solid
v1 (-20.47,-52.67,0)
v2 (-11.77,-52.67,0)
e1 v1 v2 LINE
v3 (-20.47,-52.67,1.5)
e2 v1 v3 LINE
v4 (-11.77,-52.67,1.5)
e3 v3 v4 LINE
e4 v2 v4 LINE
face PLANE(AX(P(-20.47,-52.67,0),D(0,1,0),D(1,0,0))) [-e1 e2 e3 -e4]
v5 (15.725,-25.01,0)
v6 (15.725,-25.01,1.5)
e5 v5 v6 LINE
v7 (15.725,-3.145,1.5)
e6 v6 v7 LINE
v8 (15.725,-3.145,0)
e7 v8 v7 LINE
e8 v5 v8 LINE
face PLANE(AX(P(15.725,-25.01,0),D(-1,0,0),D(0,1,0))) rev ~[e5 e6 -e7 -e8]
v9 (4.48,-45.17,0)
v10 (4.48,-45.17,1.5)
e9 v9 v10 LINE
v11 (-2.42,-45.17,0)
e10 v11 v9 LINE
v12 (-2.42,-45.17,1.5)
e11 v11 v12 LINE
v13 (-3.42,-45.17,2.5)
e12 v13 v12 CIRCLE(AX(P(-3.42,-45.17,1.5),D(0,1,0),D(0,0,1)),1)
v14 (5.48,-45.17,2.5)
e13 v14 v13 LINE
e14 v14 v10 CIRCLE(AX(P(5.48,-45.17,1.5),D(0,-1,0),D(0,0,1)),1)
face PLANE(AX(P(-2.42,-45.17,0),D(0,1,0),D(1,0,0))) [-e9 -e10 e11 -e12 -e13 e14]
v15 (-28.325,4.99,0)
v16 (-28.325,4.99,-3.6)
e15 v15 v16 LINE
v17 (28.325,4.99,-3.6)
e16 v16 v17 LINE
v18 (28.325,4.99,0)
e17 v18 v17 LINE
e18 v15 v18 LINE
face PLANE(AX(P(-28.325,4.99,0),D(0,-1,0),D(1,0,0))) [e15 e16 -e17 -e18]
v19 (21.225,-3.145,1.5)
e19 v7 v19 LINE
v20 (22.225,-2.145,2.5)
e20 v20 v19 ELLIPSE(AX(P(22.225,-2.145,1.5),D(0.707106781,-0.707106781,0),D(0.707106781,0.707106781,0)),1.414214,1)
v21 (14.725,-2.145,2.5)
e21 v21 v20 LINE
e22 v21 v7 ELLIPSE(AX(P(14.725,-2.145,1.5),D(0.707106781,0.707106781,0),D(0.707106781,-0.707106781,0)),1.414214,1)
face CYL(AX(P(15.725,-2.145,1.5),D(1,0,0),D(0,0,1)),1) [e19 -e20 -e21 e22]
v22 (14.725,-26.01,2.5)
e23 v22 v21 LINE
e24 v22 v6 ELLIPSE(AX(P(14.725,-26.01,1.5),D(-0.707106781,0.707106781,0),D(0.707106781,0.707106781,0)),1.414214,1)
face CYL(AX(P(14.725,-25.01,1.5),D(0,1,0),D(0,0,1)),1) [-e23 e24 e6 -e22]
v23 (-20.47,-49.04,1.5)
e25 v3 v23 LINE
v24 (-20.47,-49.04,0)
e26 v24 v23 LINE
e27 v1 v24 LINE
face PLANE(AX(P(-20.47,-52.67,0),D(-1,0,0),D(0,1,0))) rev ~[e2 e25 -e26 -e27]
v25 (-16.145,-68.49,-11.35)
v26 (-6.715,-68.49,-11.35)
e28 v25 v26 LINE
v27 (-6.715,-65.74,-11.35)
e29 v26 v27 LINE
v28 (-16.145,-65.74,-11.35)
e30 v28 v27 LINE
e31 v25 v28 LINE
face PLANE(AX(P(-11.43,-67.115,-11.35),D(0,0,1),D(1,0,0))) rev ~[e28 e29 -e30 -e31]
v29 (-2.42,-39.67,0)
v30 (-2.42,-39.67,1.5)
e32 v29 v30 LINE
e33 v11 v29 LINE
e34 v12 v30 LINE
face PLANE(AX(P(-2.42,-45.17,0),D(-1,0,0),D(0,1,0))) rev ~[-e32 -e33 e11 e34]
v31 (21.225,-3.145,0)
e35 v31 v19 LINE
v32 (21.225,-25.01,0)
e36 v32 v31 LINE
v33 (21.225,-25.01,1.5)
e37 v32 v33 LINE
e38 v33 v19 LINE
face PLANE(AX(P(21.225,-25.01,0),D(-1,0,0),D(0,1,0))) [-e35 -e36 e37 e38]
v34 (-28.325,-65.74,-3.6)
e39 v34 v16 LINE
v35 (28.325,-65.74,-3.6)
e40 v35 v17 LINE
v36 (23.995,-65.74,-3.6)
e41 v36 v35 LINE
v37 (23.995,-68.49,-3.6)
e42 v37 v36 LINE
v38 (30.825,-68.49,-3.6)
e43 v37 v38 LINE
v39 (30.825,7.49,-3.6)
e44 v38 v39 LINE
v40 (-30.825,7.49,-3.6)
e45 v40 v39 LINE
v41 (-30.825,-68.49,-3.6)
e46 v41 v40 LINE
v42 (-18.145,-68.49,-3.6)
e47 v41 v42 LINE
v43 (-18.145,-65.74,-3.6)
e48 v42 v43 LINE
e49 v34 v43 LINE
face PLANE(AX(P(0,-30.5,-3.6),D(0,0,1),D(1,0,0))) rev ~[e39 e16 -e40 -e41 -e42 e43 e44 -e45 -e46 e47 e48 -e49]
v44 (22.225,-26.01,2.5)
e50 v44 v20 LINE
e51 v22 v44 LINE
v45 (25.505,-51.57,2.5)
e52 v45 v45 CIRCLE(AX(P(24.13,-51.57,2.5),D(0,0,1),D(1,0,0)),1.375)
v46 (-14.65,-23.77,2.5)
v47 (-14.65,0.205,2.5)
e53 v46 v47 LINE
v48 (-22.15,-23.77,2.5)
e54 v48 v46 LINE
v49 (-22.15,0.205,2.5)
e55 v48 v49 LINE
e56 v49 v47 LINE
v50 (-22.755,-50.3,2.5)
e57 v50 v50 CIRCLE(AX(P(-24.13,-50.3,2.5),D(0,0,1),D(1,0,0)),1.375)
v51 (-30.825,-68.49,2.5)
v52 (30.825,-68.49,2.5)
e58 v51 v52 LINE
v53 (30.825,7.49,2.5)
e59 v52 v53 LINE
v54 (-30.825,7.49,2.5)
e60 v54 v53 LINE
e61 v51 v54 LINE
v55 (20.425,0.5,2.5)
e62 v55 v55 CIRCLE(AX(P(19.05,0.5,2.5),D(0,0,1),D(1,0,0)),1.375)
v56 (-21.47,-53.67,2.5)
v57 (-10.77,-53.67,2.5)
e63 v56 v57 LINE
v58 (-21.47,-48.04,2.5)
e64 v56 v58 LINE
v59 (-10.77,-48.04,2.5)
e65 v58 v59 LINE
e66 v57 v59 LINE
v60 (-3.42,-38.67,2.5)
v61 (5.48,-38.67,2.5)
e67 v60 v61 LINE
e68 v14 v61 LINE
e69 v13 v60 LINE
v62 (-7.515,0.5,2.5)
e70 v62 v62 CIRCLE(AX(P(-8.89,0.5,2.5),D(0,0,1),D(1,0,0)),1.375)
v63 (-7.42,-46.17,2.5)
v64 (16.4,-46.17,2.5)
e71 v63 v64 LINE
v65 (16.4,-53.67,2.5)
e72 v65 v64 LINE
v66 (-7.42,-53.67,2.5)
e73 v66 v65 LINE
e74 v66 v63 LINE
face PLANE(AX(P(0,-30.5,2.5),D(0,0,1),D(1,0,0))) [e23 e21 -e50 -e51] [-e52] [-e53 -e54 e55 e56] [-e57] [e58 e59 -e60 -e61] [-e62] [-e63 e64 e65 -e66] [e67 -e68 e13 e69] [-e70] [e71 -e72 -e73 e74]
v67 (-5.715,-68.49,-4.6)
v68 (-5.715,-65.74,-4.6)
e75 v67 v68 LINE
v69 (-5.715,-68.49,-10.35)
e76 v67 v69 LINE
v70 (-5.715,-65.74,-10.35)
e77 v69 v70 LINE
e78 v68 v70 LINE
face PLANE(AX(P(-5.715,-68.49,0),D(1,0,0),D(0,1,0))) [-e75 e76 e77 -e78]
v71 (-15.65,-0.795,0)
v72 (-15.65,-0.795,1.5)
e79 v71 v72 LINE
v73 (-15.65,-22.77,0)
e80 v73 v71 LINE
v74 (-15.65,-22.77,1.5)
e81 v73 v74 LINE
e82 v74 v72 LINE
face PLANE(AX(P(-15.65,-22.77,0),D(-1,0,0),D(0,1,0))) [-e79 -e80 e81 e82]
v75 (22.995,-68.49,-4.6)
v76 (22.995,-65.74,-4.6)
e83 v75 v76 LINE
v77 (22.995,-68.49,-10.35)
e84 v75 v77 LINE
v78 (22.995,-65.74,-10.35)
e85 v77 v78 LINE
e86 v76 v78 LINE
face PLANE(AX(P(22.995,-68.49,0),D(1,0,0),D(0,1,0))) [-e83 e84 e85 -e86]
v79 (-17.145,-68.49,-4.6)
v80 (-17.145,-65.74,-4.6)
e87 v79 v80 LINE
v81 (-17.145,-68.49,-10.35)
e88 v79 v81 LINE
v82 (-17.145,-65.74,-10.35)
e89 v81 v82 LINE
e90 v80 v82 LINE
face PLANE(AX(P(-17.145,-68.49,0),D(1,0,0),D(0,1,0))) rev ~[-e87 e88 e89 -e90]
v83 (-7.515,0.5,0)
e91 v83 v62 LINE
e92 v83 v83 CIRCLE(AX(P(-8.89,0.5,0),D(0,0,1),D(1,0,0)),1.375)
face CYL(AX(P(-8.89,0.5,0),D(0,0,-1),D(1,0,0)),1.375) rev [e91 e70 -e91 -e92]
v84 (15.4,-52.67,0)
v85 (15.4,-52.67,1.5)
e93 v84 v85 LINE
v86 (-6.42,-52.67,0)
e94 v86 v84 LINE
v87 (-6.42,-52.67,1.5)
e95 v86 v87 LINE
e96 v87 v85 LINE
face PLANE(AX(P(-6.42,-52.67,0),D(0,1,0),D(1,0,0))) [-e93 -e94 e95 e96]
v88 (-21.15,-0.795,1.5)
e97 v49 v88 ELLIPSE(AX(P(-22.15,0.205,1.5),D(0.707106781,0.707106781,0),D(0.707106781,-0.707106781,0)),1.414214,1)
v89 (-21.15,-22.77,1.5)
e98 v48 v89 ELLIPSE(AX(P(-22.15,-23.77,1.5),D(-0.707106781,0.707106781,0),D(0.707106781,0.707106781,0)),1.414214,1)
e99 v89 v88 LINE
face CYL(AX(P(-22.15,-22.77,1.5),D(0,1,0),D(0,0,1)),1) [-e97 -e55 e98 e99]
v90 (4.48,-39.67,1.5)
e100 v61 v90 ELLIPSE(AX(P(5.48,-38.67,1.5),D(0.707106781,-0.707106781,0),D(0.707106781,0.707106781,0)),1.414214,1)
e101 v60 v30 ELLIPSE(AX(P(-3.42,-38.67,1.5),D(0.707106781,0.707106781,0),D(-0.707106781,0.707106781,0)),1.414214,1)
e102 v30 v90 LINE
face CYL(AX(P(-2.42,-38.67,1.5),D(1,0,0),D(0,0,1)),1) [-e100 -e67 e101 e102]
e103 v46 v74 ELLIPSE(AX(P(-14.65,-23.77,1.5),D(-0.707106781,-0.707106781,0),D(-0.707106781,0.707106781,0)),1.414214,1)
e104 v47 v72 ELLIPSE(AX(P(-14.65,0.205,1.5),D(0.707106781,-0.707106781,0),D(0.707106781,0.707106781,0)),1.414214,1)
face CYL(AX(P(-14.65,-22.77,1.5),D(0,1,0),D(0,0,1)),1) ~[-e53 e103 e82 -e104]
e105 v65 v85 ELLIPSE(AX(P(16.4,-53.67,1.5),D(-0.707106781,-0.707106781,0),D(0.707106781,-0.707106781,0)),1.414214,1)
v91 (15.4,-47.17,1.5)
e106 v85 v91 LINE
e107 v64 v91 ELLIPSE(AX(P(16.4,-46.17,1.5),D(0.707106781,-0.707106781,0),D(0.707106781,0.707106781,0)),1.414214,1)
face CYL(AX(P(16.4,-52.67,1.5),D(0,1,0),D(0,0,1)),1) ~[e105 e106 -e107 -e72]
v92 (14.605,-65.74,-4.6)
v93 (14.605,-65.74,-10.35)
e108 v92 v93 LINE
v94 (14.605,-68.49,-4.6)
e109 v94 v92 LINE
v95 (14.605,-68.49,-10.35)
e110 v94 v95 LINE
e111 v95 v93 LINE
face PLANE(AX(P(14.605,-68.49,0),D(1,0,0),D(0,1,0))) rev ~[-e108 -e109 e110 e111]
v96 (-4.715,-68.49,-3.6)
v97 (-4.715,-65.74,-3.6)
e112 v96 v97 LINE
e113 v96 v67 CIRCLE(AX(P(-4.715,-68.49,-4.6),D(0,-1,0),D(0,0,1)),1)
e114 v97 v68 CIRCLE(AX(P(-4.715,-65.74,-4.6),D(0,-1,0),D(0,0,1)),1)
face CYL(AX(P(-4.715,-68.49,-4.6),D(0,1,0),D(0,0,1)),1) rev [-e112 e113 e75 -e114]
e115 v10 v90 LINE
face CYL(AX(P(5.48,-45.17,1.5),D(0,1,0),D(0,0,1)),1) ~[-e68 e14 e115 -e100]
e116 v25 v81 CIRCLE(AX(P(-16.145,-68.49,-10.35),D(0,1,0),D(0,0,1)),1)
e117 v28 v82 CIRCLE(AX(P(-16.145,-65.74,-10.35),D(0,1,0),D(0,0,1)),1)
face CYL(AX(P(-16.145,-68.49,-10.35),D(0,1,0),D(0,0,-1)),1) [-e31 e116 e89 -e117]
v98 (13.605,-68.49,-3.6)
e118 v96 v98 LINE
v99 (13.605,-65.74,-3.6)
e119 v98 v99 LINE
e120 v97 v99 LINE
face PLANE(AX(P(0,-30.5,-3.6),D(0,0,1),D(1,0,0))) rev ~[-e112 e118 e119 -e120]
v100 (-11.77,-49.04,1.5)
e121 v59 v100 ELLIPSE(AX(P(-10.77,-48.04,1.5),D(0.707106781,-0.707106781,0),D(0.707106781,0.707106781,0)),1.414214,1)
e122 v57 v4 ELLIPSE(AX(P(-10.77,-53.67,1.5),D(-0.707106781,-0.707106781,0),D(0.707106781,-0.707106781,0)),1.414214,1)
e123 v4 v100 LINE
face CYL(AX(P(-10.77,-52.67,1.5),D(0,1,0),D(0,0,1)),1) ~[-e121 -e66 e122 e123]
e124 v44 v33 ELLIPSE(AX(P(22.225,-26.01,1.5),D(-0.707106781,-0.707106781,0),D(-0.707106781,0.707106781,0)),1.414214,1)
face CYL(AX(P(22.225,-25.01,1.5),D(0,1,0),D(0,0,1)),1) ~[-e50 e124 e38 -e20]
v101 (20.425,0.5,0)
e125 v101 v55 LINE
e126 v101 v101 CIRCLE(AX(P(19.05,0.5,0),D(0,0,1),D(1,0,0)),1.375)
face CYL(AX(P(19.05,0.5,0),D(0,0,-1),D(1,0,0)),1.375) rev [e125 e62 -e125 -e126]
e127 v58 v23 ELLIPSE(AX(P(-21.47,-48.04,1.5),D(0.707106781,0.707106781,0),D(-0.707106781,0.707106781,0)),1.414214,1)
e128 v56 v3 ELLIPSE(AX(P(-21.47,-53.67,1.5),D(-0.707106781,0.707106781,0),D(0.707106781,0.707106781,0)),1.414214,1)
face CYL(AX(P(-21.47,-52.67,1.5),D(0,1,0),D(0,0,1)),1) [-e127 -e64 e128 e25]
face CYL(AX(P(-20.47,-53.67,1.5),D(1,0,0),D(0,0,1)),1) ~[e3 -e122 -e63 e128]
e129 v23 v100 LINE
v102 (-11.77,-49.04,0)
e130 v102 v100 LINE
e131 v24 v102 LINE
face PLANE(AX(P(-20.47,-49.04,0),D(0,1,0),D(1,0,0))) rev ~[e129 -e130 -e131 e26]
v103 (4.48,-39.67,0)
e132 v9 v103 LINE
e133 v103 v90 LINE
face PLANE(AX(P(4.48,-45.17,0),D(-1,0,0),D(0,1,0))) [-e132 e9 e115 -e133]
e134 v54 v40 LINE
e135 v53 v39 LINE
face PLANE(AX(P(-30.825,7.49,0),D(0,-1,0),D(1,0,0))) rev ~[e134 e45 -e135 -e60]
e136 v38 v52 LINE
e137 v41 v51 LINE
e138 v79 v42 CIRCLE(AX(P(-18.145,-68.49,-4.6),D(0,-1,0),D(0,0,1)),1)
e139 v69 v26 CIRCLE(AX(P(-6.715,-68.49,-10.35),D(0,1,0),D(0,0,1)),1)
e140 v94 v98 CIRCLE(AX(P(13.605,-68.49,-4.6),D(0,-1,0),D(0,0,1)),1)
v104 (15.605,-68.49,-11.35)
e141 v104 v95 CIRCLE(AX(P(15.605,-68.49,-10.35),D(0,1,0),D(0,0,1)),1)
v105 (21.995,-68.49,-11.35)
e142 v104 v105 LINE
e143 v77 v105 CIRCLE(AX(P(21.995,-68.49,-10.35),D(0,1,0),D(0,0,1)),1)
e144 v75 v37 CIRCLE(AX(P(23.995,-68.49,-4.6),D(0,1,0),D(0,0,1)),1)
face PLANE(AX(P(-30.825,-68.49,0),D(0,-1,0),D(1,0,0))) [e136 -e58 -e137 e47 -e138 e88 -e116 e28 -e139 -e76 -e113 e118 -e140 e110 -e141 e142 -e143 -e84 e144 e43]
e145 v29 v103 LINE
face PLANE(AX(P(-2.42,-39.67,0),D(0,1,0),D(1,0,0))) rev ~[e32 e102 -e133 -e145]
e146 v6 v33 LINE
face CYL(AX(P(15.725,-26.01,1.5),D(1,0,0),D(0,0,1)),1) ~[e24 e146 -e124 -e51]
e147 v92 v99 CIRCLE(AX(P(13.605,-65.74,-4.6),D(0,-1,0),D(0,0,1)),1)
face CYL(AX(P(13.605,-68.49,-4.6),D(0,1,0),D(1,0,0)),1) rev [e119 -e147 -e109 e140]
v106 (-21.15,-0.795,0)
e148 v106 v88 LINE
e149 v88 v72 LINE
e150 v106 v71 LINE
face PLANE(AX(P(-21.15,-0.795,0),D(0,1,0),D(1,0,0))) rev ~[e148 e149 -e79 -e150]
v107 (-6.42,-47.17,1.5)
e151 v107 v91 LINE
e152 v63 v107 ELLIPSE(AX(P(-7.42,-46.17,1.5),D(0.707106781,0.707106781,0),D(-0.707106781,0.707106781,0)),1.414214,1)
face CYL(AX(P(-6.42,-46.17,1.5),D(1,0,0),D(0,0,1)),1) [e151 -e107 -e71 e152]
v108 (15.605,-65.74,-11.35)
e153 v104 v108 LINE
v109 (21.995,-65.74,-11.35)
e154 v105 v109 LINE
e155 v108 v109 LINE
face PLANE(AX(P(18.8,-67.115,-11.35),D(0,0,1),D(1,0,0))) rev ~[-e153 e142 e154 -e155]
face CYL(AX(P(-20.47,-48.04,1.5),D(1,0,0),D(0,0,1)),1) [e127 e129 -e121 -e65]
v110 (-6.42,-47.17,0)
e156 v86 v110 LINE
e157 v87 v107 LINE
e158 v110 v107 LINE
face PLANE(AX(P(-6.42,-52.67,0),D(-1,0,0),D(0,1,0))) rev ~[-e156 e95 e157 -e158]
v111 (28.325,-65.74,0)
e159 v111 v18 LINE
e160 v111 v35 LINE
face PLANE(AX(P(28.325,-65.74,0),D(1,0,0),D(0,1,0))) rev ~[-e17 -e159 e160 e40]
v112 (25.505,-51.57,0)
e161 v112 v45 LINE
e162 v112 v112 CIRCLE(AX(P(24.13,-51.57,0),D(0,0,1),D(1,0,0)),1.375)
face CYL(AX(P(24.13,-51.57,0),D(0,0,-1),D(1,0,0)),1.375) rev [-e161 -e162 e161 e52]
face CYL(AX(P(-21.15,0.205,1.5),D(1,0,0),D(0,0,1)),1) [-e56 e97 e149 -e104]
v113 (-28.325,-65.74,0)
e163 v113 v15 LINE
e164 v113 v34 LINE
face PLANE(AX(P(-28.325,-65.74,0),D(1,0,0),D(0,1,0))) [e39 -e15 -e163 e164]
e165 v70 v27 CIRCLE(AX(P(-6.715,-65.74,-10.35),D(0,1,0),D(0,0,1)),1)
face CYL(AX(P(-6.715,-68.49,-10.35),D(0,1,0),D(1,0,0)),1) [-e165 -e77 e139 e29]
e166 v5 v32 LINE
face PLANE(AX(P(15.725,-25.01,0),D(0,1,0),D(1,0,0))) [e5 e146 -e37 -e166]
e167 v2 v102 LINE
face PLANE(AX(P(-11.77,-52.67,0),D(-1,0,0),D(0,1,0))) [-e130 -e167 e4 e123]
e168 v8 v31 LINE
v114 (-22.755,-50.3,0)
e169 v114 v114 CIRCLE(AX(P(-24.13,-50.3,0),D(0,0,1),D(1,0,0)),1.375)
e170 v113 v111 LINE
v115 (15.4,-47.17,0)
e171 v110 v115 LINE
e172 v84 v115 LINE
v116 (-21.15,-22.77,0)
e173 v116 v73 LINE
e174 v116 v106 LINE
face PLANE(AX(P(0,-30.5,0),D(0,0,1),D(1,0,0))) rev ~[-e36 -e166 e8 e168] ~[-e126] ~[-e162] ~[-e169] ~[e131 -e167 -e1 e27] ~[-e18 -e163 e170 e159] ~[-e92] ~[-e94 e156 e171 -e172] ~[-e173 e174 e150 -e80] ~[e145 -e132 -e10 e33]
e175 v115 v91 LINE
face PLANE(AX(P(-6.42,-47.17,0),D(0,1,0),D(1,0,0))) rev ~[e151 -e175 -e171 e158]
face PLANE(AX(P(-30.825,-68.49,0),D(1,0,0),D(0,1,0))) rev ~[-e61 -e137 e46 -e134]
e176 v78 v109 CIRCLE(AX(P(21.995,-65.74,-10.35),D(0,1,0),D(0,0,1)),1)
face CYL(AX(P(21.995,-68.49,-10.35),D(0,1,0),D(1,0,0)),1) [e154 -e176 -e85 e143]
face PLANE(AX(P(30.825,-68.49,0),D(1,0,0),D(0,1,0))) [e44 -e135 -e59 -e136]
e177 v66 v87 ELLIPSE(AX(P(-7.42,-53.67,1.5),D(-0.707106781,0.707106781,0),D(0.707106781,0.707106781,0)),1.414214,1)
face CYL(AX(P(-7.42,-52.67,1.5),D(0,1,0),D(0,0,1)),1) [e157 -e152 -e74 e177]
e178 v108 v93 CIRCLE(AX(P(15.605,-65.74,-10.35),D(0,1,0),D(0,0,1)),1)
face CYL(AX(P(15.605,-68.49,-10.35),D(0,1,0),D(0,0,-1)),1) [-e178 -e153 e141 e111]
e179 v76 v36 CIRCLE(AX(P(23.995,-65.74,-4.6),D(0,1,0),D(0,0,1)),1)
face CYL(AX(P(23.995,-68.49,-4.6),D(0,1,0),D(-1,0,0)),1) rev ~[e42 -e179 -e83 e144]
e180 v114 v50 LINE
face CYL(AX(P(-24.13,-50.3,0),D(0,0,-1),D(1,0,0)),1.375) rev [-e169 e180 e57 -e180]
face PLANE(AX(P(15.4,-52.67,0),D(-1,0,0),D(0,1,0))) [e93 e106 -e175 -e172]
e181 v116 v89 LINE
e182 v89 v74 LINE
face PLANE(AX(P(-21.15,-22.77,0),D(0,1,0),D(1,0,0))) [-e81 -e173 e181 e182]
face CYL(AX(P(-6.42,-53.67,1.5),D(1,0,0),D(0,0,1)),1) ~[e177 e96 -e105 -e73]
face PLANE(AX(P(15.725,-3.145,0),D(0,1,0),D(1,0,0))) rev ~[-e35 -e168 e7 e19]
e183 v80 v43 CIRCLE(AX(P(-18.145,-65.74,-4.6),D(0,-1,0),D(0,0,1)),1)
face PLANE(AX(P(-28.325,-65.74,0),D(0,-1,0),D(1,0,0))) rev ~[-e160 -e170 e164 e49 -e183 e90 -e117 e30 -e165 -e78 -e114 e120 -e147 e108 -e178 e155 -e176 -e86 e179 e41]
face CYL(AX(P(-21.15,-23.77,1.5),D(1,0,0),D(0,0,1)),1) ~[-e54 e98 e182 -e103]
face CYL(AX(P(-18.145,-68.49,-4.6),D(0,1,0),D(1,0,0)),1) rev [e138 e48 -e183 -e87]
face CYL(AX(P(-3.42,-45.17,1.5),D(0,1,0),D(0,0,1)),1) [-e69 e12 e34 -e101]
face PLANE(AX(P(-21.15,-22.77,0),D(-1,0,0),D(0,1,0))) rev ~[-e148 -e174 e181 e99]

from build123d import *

# Parameters (mm, degrees)
SKETCH018_W   = 61.65
SKETCH018_H   = 75.98
SKETCH018_R   = 1.375
SKETCH018_W_2 = 21.82
SKETCH018_H_2 = 5.5
SKETCH018_W_3 = 8.7
SKETCH018_H_3 = 3.63
SKETCH018_W_4 = 6.9
SKETCH018_W_5 = 5.5
SKETCH018_H_4 = 21.975
SKETCH018_H_5 = 21.865
PAD011_DEPTH  = 2.5
SKETCH019_W   = 61.65
SKETCH019_H   = 75.98
SKETCH019_W_2 = 56.65
SKETCH019_H_2 = 70.73
PAD012_DEPTH  = 3.6
SKETCH020_W   = 11.43
SKETCH020_H   = 2.75
SKETCH020_W_2 = 8.39
PAD013_DEPTH  = 11.35
FILLET005_R   = 1


with BuildPart() as part:
    # Sketch018 → Pad011 (new body)
    with BuildSketch(Plane.XY):
        with Locations((0, -30.5)):
            Rectangle(SKETCH018_W, SKETCH018_H)
        with Locations((-8.89, 0.5)):
            Circle(SKETCH018_R, mode=Mode.SUBTRACT)
        with Locations((19.05, 0.5)):
            Circle(SKETCH018_R, mode=Mode.SUBTRACT)
        with Locations((-24.13, -50.3)):
            Circle(SKETCH018_R, mode=Mode.SUBTRACT)
        with Locations((24.13, -51.57)):
            Circle(SKETCH018_R, mode=Mode.SUBTRACT)
        with Locations((4.49, -49.92)):
            Rectangle(SKETCH018_W_2, SKETCH018_H_2, mode=Mode.SUBTRACT)
        with Locations((-16.12, -50.855)):
            Rectangle(SKETCH018_W_3, SKETCH018_H_3, mode=Mode.SUBTRACT)
        with Locations((1.03, -42.42)):
            Rectangle(SKETCH018_W_4, SKETCH018_H_2, mode=Mode.SUBTRACT)
        with Locations((-18.4, -11.7825)):
            Rectangle(SKETCH018_W_5, SKETCH018_H_4, mode=Mode.SUBTRACT)
        with Locations((18.475, -14.0775)):
            Rectangle(SKETCH018_W_5, SKETCH018_H_5, mode=Mode.SUBTRACT)
    extrude(amount=PAD011_DEPTH)

    # Sketch019 → Pad012 (join)
    with BuildSketch(Plane.XY):
        with Locations((0, -30.5)):
            Rectangle(SKETCH019_W, SKETCH019_H)
        with Locations((0, -30.375)):
            Rectangle(SKETCH019_W_2, SKETCH019_H_2, mode=Mode.SUBTRACT)
    extrude(amount=-PAD012_DEPTH)

    # Sketch020 → Pad013 (join)
    with BuildSketch(Plane.XY):
        with Locations((-11.43, -67.115)):
            Rectangle(SKETCH020_W, SKETCH020_H)
        with Locations((18.8, -67.115)):
            Rectangle(SKETCH020_W_2, SKETCH020_H)
    extrude(amount=-PAD013_DEPTH)

    # Fillet005
    fillet005_edges = [part.edges().sort_by_distance(p)[0] for p in [
        (-20.47, -50.855, 2.5),
        (-16.12, -49.04, 2.5),
        (-16.12, -52.67, 2.5),
        (-11.77, -50.855, 2.5),
        (-6.42, -49.92, 2.5),
        (4.49, -47.17, 2.5),
        (4.49, -52.67, 2.5),
        (15.4, -49.92, 2.5),
        (-2.42, -42.42, 2.5),
        (1.03, -39.67, 2.5),
        (4.48, -42.42, 2.5),
        (18.475, -3.145, 2.5),
        (21.225, -14.0775, 2.5),
        (15.725, -14.0775, 2.5),
        (18.475, -25.01, 2.5),
        (-18.4, -0.795, 2.5),
        (-15.65, -11.7825, 2.5),
        (-21.15, -11.7825, 2.5),
        (-18.4, -22.77, 2.5),
        (-17.145, -67.115, -3.6),
        (-17.145, -67.115, -11.35),
        (-5.715, -67.115, -11.35),
        (14.605, -67.115, -3.6),
        (14.605, -67.115, -11.35),
        (22.995, -67.115, -11.35),
        (-5.715, -67.115, -3.6),
        (22.995, -67.115, -3.6),
    ]]
    fillet(fillet005_edges, radius=FILLET005_R)


solid = part.part
